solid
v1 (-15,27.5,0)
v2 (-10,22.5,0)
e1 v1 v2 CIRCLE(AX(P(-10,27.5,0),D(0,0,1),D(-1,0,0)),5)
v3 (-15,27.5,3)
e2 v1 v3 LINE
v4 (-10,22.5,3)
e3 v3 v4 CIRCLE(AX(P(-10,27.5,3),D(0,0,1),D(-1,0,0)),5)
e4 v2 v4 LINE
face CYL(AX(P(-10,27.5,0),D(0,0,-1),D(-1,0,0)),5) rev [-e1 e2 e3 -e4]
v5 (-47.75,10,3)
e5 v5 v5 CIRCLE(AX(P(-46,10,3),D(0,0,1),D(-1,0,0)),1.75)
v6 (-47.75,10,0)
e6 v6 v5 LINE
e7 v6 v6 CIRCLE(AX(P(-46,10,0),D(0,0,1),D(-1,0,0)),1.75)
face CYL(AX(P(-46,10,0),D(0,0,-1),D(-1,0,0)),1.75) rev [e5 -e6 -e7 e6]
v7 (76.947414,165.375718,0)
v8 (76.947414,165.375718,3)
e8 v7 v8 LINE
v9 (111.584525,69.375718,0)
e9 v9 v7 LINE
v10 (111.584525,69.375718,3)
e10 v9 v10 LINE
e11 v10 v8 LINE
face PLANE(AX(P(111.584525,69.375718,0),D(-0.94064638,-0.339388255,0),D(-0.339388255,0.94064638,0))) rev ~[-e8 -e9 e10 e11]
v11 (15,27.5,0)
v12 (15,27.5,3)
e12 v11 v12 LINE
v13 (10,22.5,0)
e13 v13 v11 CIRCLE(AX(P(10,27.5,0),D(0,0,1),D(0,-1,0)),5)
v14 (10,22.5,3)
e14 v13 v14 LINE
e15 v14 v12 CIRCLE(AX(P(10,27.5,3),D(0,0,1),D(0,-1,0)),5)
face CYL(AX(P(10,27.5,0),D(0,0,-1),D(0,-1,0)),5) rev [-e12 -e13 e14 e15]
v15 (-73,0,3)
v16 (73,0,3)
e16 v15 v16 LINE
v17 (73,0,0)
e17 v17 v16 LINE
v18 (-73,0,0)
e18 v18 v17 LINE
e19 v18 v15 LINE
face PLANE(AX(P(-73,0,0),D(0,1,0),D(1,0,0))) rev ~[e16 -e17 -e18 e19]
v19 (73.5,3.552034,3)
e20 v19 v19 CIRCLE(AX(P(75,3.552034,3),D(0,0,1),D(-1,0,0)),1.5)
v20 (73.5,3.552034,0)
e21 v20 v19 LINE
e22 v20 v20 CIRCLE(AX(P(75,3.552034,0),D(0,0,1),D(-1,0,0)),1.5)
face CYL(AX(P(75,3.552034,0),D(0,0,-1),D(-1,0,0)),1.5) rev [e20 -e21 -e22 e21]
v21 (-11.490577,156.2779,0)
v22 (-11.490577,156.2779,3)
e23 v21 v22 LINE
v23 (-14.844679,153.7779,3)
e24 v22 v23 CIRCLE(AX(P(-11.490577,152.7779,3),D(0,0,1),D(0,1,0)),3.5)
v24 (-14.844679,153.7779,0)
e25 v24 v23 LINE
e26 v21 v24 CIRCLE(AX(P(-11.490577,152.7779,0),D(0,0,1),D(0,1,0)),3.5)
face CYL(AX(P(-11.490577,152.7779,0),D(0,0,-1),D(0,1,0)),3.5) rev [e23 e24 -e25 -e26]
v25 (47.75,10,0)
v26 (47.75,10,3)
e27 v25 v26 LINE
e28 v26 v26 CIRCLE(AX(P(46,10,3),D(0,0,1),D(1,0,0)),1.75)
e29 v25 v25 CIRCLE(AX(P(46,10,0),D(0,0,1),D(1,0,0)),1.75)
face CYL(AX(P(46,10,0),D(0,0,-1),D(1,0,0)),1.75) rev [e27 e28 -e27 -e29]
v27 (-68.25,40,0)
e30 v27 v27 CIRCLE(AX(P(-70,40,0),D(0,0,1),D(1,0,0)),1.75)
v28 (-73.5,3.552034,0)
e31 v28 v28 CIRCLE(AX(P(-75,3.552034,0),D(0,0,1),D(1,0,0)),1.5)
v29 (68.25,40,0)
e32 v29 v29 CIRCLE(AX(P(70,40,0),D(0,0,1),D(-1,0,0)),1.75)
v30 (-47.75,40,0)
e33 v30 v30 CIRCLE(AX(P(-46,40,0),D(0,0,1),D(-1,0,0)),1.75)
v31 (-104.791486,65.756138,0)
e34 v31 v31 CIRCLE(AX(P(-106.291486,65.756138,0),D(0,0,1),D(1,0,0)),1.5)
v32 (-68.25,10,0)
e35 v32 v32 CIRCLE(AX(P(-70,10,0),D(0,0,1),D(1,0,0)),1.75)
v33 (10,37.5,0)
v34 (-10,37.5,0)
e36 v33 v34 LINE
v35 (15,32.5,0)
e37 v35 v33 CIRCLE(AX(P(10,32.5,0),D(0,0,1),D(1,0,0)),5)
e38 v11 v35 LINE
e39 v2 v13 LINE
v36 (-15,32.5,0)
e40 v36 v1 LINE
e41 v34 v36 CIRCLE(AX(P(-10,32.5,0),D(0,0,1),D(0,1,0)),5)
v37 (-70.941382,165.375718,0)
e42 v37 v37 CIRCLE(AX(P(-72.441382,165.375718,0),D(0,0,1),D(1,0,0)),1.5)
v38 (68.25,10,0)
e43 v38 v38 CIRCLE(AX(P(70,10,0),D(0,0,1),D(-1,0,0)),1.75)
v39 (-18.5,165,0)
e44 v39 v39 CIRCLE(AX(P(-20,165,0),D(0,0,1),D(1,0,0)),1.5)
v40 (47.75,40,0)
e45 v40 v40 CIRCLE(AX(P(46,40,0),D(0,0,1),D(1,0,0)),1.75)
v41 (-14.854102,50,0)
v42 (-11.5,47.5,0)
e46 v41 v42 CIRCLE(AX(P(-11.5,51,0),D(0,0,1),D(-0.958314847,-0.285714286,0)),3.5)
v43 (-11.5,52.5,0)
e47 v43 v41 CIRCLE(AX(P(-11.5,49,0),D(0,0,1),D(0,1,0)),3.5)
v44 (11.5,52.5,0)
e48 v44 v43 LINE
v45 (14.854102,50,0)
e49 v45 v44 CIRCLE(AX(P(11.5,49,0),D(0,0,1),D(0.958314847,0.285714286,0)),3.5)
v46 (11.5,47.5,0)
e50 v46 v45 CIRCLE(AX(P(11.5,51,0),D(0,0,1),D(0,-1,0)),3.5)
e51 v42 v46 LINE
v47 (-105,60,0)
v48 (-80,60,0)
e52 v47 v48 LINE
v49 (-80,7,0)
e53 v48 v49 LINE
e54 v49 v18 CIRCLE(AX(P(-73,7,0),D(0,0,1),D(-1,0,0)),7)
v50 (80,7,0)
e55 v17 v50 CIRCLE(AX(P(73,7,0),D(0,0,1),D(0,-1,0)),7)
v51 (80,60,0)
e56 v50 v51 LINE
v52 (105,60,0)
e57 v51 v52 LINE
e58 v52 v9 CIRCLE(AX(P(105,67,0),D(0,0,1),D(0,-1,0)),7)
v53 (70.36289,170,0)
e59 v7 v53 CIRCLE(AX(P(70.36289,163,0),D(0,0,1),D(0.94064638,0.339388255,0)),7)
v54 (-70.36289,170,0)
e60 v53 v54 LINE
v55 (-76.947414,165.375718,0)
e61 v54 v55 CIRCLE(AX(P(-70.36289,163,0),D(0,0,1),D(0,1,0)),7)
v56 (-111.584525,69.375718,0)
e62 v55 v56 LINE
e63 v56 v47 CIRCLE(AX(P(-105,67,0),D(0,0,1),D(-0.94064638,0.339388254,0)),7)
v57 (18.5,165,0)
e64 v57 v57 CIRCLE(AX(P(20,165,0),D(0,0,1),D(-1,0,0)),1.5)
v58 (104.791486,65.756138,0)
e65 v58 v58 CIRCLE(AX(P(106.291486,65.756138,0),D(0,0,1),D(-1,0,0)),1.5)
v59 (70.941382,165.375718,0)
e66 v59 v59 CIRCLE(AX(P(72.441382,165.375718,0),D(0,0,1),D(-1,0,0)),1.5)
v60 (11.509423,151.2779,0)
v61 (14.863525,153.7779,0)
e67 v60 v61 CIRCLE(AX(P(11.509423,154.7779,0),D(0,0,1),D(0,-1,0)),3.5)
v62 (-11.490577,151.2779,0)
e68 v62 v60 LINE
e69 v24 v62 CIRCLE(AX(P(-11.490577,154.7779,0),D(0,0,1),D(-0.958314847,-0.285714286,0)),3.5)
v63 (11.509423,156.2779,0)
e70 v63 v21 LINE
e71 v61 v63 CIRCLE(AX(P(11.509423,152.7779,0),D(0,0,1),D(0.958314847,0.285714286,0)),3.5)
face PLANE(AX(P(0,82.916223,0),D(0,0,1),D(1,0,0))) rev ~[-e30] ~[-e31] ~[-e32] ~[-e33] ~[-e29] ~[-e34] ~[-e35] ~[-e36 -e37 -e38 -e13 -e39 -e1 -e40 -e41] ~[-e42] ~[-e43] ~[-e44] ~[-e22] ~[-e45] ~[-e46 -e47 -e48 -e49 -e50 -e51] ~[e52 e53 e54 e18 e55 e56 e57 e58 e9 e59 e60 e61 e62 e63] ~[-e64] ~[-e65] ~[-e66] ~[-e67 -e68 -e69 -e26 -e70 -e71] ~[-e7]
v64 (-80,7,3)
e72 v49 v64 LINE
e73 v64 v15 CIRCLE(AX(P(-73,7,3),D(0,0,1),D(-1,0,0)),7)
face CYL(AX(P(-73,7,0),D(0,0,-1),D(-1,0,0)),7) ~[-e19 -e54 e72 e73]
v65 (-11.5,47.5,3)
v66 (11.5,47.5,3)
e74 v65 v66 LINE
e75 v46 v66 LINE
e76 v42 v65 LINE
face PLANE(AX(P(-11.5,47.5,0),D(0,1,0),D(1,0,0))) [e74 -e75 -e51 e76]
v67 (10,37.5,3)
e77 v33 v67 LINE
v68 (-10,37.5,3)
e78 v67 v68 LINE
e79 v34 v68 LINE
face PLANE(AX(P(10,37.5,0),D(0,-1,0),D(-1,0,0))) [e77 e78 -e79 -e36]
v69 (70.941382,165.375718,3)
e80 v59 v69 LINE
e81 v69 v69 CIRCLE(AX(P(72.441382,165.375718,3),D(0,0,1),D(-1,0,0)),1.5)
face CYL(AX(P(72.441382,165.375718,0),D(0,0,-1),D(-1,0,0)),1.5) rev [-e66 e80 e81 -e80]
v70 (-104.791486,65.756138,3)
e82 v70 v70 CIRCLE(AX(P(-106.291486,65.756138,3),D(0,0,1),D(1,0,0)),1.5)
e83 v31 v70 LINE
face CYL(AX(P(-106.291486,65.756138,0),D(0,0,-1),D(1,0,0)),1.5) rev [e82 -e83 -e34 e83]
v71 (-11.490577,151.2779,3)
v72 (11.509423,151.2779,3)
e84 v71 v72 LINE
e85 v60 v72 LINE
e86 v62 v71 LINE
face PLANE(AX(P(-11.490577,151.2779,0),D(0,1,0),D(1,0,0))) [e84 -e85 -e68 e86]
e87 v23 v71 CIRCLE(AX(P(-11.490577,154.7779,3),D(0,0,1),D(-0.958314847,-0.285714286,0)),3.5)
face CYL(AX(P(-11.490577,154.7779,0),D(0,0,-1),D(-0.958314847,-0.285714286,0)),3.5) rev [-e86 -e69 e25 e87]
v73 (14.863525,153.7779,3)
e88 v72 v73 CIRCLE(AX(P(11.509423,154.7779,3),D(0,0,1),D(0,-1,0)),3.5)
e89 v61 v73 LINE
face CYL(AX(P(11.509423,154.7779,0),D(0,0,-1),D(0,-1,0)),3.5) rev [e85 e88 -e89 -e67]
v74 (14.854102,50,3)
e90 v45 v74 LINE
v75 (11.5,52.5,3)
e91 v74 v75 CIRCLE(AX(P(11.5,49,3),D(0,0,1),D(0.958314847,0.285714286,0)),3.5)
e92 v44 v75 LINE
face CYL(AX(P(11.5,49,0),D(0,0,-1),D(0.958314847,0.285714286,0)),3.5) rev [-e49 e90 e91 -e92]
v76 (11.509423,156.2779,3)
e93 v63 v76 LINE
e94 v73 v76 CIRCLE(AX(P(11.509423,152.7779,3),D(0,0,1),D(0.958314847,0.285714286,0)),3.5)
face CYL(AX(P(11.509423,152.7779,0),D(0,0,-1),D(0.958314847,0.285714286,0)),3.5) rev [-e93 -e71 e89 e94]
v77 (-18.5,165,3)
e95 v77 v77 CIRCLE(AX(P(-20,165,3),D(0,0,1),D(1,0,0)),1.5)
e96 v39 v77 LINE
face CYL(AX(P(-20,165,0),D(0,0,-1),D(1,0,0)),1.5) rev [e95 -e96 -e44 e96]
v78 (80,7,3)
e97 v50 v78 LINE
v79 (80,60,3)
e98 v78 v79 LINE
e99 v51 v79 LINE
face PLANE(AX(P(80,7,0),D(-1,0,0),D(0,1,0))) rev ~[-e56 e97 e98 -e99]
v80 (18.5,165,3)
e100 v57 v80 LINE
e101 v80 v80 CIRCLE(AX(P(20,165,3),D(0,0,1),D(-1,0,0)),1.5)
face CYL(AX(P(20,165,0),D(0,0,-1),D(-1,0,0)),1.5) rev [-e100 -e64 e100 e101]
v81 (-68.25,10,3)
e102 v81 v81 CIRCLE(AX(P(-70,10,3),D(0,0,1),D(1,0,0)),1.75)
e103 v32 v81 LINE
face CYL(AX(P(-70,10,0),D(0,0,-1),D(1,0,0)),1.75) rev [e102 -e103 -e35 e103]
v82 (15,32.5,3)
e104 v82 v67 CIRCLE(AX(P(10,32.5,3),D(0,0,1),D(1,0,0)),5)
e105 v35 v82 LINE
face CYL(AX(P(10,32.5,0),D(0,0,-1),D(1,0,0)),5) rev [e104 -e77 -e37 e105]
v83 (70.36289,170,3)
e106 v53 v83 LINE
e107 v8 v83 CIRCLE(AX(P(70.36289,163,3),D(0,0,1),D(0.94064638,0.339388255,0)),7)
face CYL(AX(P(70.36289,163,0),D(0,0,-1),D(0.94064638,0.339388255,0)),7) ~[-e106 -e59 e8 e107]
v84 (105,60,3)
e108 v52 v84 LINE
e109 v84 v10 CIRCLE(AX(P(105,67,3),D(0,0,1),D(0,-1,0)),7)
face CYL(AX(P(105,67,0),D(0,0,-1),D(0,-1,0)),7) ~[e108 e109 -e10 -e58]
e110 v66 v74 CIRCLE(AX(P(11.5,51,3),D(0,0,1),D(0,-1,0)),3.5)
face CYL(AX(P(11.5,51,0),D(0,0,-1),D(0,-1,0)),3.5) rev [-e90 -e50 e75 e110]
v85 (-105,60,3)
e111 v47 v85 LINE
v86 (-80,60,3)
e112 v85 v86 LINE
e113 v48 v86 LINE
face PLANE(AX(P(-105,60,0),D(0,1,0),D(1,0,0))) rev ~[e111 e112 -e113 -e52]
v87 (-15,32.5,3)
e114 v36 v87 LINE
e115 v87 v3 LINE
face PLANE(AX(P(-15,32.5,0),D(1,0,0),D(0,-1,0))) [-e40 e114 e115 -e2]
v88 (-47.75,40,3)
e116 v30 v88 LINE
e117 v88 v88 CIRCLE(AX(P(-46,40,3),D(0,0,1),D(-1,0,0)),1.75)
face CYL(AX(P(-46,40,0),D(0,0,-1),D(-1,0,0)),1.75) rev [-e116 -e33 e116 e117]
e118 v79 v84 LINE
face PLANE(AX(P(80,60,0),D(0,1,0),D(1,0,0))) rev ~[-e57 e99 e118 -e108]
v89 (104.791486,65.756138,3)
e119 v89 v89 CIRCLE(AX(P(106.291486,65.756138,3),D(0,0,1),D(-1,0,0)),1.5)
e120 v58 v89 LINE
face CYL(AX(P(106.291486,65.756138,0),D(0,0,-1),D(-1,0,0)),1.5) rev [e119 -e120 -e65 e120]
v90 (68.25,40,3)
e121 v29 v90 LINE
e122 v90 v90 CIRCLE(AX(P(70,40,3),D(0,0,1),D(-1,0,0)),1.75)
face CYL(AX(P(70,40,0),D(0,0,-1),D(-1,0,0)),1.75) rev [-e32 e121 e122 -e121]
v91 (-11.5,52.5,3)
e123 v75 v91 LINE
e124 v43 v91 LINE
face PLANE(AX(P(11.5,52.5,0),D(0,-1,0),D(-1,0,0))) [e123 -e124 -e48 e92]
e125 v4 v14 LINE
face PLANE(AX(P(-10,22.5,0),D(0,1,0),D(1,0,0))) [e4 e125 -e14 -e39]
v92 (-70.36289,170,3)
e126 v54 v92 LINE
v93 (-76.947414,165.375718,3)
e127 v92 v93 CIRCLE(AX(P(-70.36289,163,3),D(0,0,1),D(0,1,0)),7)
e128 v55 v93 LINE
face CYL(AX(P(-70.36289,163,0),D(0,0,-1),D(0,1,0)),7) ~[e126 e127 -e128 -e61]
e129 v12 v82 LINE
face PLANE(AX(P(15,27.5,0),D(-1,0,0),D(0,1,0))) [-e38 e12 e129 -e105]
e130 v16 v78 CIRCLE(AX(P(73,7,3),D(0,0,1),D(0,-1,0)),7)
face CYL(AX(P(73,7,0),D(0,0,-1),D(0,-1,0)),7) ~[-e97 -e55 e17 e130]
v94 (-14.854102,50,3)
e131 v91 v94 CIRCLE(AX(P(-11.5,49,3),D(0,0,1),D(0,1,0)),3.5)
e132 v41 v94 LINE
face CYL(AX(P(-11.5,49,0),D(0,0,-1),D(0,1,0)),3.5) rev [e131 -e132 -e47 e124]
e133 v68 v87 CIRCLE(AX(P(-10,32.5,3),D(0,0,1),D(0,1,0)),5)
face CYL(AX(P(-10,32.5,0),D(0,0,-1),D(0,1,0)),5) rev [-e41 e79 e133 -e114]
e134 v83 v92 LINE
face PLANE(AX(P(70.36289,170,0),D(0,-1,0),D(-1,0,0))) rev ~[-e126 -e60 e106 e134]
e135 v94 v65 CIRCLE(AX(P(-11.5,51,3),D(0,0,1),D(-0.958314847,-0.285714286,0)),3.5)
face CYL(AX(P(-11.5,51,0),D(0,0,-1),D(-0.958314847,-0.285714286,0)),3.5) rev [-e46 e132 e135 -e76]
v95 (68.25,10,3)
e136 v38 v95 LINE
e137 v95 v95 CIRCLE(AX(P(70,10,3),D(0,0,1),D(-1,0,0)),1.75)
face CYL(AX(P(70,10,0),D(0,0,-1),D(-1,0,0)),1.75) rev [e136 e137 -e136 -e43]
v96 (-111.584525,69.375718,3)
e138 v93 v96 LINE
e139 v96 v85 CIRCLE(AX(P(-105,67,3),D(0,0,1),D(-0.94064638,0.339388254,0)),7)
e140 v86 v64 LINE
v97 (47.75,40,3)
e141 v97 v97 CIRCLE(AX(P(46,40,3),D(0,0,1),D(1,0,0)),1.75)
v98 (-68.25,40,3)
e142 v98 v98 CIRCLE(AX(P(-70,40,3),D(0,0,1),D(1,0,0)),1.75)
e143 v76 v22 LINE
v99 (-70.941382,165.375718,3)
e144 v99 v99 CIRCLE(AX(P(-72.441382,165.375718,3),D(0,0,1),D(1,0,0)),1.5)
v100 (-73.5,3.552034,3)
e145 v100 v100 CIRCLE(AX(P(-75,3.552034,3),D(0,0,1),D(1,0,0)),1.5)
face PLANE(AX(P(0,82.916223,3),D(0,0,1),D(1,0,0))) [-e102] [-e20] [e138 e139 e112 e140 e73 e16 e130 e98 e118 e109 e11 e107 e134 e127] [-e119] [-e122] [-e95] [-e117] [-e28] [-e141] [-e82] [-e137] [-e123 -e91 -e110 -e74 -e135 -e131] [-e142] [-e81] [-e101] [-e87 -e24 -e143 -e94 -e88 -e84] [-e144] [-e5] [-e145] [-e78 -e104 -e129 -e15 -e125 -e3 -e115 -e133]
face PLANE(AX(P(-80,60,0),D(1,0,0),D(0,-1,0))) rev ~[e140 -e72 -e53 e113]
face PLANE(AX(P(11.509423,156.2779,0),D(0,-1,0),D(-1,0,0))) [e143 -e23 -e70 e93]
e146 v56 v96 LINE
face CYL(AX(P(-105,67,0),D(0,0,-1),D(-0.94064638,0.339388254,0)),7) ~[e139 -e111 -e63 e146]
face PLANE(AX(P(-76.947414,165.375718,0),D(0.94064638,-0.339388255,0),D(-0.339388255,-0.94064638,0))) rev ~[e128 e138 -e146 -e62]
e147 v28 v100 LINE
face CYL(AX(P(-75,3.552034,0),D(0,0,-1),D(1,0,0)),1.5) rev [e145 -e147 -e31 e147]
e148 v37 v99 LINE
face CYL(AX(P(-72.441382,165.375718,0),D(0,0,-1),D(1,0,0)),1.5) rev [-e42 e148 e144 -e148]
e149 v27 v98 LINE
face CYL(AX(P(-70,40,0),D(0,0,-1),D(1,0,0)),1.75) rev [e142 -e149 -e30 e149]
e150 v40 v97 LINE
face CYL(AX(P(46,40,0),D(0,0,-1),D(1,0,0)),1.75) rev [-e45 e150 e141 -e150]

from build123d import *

# Parameters (mm, degrees)
SKETCH_2_R      = 1.75
SKETCH_2_R_2    = 1.5
EXTRUDE_2_DEPTH = 3


with BuildPart() as part:
    # 草图2 → 凸台-拉伸2 (new body)
    with BuildSketch(Plane.XY):
        with BuildLine():
            Line((-73, 0), (73, 0))
            ThreePointArc((73, 0), (77.949747468, 2.050252532), (80, 7))
            Line((80, 7), (80, 60))
            Line((80, 60), (105, 60))
            ThreePointArc((105, 60), (110.7284389, 62.976942983), (111.584524662, 69.375717782))
            Line((111.584524662, 69.375717782), (76.947414353, 165.375717782))
            ThreePointArc((76.947414353, 165.375717782), (74.385946708, 168.7284389), (70.362889691, 170))
            Line((70.362889691, 170), (-70.362889691, 170))
            ThreePointArc((-70.362889691, 170), (-74.385946708, 168.7284389), (-76.947414353, 165.375717782))
            Line((-76.947414353, 165.375717782), (-111.584524662, 69.375717782))
            ThreePointArc((-111.584524662, 69.375717782), (-110.7284389, 62.976942983), (-105, 60))
            Line((-105, 60), (-80, 60))
            Line((-80, 60), (-80, 7))
            ThreePointArc((-80, 7), (-77.949747468, 2.050252532), (-73, 0))
        make_face()
        with Locations((-70, 10)):
            Circle(SKETCH_2_R, mode=Mode.SUBTRACT)
        with Locations((-70, 40)):
            Circle(SKETCH_2_R, mode=Mode.SUBTRACT)
        with Locations(Location((-46, 40, 0), (0, 0, 180))):
            Circle(SKETCH_2_R, mode=Mode.SUBTRACT)
        with Locations(Location((-46, 10, 0), (0, 0, 180))):
            Circle(SKETCH_2_R, mode=Mode.SUBTRACT)
        with Locations((46, 10)):
            Circle(SKETCH_2_R, mode=Mode.SUBTRACT)
        with Locations((46, 40)):
            Circle(SKETCH_2_R, mode=Mode.SUBTRACT)
        with Locations(Location((70, 40, 0), (0, 0, 180))):
            Circle(SKETCH_2_R, mode=Mode.SUBTRACT)
        with Locations(Location((70, 10, 0), (0, 0, 180))):
            Circle(SKETCH_2_R, mode=Mode.SUBTRACT)
        with Locations((-72.441382232, 165.375717782)):
            Circle(SKETCH_2_R_2, mode=Mode.SUBTRACT)
        with Locations((-106.29148568, 65.75613767)):
            Circle(SKETCH_2_R_2, mode=Mode.SUBTRACT)
        with Locations(Location((106.29148568, 65.75613767, 0), (0, 0, 180))):
            Circle(SKETCH_2_R_2, mode=Mode.SUBTRACT)
        with Locations(Location((72.441382232, 165.375717782, 0), (0, 0, 180))):
            Circle(SKETCH_2_R_2, mode=Mode.SUBTRACT)
        with Locations((-20, 165)):
            Circle(SKETCH_2_R_2, mode=Mode.SUBTRACT)
        with Locations(Location((20, 165, 0), (0, 0, 180))):
            Circle(SKETCH_2_R_2, mode=Mode.SUBTRACT)
        with Locations((-75, 3.552033702)):
            Circle(SKETCH_2_R_2, mode=Mode.SUBTRACT)
        with Locations(Location((75, 3.552033702, 0), (0, 0, 180))):
            Circle(SKETCH_2_R_2, mode=Mode.SUBTRACT)
        with BuildLine():
            Line((-11.490577198, 151.277899951), (11.509422802, 151.277899951))
            ThreePointArc((11.509422802, 151.277899951), (13.601072868, 151.971656911), (14.863524768, 153.777899951))
            ThreePointArc((14.863524768, 153.777899951), (13.601072868, 155.584142991), (11.509422802, 156.277899951))
            Line((11.509422802, 156.277899951), (-11.490577198, 156.277899951))
            ThreePointArc((-11.490577198, 156.277899951), (-13.582227264, 155.584142991), (-14.844679164, 153.777899951))
            ThreePointArc((-14.844679164, 153.777899951), (-13.582227264, 151.971656911), (-11.490577198, 151.277899951))
        make_face(mode=Mode.SUBTRACT)
        with BuildLine():
            Line((-11.5, 47.5), (11.5, 47.5))
            ThreePointArc((11.5, 47.5), (13.591650066, 48.19375696), (14.854101966, 50))
            ThreePointArc((14.854101966, 50), (13.591650066, 51.80624304), (11.5, 52.5))
            Line((11.5, 52.5), (-11.5, 52.5))
            ThreePointArc((-11.5, 52.5), (-13.591650066, 51.80624304), (-14.854101966, 50))
            ThreePointArc((-14.854101966, 50), (-13.591650066, 48.19375696), (-11.5, 47.5))
        make_face(mode=Mode.SUBTRACT)
        with BuildLine():
            Line((-10, 22.5), (10, 22.5))
            ThreePointArc((10, 22.5), (13.535533906, 23.964466094), (15, 27.5))
            Line((15, 27.5), (15, 32.5))
            ThreePointArc((15, 32.5), (13.535533906, 36.035533906), (10, 37.5))
            Line((10, 37.5), (-10, 37.5))
            ThreePointArc((-10, 37.5), (-13.535533906, 36.035533906), (-15, 32.5))
            Line((-15, 32.5), (-15, 27.5))
            ThreePointArc((-15, 27.5), (-13.535533906, 23.964466094), (-10, 22.5))
        make_face(mode=Mode.SUBTRACT)
    extrude(amount=EXTRUDE_2_DEPTH)


solid = part.part
